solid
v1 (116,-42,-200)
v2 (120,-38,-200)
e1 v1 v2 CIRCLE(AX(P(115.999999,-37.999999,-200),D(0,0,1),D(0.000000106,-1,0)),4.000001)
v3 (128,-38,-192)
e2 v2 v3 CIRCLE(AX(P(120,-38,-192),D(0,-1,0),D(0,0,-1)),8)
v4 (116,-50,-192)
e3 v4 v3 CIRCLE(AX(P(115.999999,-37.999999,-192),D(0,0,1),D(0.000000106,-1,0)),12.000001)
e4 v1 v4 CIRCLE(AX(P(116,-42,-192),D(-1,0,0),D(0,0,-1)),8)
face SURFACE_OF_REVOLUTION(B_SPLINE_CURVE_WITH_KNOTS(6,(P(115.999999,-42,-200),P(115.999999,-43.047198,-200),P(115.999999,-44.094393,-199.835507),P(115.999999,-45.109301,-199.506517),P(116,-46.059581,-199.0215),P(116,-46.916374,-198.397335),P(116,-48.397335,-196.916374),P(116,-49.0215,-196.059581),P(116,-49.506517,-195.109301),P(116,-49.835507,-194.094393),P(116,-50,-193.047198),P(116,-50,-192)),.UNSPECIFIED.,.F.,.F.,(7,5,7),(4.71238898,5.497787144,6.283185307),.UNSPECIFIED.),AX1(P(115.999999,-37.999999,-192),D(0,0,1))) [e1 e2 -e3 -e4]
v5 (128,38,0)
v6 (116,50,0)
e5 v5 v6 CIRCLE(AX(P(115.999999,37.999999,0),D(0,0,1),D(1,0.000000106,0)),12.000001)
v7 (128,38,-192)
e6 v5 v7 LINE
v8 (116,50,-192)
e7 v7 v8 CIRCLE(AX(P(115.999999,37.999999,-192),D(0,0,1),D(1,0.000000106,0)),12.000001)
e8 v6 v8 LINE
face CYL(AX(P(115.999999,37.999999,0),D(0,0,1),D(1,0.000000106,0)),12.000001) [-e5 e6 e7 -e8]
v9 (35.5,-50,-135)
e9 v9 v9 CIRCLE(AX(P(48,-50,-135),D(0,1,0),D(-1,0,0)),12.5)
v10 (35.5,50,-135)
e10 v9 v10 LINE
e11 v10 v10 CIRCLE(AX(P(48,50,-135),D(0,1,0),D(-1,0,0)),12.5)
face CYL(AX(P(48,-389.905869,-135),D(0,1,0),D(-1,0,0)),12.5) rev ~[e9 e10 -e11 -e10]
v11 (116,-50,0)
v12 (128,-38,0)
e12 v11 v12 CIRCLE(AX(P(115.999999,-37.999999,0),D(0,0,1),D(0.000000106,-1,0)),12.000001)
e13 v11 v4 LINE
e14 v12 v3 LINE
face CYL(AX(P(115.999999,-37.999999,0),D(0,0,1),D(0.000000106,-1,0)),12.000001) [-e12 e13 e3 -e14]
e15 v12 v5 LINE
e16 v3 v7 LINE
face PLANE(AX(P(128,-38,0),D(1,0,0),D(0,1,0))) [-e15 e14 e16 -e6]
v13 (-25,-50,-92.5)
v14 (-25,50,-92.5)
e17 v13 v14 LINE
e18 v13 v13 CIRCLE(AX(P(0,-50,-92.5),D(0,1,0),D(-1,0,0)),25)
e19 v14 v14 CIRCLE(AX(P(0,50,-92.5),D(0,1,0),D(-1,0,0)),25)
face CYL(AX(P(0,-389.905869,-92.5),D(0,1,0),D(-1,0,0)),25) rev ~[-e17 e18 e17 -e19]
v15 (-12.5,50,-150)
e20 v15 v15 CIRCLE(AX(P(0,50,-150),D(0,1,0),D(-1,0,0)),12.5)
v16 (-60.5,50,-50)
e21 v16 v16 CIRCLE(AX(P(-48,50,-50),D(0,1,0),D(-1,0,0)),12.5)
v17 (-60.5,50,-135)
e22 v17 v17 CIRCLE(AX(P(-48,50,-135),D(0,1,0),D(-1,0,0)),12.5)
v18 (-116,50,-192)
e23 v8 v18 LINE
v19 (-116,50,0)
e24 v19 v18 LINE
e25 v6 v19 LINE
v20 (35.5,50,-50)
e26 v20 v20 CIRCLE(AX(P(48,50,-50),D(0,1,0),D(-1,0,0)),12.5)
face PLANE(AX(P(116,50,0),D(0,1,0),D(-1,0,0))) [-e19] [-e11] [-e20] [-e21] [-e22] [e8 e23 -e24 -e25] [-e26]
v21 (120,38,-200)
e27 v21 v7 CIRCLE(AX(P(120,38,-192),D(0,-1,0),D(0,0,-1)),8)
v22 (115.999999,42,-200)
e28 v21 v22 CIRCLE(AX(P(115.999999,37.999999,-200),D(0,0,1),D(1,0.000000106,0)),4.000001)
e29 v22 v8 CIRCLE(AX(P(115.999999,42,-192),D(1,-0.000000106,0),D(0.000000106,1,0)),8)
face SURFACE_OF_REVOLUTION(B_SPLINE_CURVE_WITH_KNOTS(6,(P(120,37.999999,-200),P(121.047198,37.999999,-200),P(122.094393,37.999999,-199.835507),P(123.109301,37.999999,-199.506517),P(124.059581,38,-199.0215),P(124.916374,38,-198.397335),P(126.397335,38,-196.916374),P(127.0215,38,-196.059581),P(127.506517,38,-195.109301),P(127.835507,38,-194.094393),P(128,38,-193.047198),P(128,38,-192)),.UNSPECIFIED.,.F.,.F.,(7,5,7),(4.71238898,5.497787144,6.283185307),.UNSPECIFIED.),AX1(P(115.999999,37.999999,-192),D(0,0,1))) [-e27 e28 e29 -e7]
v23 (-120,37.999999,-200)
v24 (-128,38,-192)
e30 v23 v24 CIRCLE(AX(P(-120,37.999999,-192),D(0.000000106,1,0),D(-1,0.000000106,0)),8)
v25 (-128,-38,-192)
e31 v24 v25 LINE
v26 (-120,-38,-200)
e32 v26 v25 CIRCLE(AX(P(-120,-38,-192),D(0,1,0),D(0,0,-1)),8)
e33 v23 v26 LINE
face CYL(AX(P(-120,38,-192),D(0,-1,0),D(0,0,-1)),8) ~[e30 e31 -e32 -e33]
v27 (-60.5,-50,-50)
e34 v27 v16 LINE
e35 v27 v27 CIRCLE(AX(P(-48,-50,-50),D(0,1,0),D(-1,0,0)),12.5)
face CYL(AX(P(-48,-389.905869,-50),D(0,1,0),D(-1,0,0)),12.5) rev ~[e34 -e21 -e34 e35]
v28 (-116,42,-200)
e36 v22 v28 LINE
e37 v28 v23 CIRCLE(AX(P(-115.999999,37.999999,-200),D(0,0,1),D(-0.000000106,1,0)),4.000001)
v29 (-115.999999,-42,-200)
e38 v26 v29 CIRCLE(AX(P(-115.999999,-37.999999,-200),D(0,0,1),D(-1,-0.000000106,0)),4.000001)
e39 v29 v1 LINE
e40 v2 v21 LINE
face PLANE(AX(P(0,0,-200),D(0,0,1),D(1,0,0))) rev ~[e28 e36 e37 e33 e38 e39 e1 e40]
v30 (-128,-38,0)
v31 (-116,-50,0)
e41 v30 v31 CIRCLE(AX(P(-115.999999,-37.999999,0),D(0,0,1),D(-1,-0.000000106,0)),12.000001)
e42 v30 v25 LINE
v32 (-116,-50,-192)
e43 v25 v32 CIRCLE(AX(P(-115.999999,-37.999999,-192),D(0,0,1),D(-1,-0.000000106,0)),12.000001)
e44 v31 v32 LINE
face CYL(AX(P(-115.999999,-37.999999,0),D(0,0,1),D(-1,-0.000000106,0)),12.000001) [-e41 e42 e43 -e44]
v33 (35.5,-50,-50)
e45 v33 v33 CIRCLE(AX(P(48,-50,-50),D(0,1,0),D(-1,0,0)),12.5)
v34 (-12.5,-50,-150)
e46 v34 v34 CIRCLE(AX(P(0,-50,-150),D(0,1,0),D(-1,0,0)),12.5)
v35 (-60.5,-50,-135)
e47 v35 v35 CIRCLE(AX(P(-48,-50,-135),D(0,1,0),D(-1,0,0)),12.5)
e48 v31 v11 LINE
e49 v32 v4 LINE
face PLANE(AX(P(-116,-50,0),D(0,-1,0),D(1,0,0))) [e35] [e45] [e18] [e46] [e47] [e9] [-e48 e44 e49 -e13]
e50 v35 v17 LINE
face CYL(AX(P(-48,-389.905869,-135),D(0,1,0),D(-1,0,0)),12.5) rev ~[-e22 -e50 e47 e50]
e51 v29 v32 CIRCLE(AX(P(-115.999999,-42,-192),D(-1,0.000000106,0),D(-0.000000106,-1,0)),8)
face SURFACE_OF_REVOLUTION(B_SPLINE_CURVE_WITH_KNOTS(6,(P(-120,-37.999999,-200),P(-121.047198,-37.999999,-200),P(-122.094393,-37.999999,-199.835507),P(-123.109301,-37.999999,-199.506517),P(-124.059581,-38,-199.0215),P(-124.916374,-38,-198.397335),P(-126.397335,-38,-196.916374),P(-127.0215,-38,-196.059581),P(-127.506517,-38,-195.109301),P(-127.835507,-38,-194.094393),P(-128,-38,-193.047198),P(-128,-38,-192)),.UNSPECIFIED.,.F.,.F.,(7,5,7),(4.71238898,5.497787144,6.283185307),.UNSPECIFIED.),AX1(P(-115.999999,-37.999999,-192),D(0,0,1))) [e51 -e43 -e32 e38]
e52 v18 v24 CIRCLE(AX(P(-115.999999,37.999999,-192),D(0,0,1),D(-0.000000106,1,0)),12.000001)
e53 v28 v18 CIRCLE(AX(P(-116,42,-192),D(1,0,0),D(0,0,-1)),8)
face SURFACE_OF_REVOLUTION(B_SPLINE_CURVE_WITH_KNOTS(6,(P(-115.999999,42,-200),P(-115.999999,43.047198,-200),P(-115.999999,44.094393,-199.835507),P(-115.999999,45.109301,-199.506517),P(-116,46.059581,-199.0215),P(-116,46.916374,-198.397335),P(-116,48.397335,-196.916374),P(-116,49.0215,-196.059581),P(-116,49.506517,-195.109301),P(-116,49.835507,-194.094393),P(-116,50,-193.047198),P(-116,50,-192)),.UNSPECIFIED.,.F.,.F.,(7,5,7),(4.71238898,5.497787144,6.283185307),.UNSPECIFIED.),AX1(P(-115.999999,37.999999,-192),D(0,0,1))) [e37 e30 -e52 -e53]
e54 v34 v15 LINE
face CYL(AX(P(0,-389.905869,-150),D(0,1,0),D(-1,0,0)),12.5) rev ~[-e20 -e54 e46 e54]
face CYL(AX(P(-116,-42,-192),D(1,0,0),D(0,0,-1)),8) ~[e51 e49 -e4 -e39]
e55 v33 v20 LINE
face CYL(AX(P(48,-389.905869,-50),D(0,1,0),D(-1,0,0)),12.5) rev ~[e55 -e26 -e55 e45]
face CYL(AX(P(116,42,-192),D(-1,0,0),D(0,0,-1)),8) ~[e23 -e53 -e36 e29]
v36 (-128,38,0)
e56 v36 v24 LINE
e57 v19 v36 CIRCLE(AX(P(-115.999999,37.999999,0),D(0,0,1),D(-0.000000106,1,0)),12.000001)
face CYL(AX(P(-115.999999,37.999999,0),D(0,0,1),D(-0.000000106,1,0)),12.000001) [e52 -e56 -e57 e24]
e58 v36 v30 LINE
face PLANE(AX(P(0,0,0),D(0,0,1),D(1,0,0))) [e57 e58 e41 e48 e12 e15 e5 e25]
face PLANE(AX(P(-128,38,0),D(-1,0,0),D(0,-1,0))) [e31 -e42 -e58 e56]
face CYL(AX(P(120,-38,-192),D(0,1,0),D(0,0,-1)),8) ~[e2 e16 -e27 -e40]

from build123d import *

# Parameters (mm, degrees)
F1_DEPTH = 200
F3_D     = 25
F4_R     = 8
F5_D     = 50


with BuildPart() as f1:
    # F0 (on Top) → F1 (new body)
    with BuildSketch(Plane.XY):
        with BuildLine():
            Line((116, 50), (-116, 50))
            ThreePointArc((-116, 50), (-124.485281, 46.485281), (-128, 38))
            Line((-128, 38), (-128, -38))
            ThreePointArc((-128, -38), (-124.485281, -46.485281), (-116, -50))
            Line((-116, -50), (116, -50))
            ThreePointArc((116, -50), (124.485281, -46.485281), (128, -38))
            Line((128, -38), (128, 38))
            ThreePointArc((128, 38), (124.485281, 46.485281), (116, 50))
        make_face()
    extrude(amount=-F1_DEPTH)

    # F3 (through all)
    with Locations(Plane.XZ.offset(50)):
        with Locations((-48, -50), (48, -50), (48, -135), (0, -150), (-48, -135)):
            Hole(F3_D / 2)

    # F4
    f4_edges = [f1.edges().sort_by_distance(p)[0] for p in [
        (128, 0, -200),
    ]]
    fillet(f4_edges, radius=F4_R)

    # F5 (through all)
    with Locations(Plane.XZ.offset(50)):
        with Locations((0, -92.5)):
            Hole(F5_D / 2)


solid = f1.part
